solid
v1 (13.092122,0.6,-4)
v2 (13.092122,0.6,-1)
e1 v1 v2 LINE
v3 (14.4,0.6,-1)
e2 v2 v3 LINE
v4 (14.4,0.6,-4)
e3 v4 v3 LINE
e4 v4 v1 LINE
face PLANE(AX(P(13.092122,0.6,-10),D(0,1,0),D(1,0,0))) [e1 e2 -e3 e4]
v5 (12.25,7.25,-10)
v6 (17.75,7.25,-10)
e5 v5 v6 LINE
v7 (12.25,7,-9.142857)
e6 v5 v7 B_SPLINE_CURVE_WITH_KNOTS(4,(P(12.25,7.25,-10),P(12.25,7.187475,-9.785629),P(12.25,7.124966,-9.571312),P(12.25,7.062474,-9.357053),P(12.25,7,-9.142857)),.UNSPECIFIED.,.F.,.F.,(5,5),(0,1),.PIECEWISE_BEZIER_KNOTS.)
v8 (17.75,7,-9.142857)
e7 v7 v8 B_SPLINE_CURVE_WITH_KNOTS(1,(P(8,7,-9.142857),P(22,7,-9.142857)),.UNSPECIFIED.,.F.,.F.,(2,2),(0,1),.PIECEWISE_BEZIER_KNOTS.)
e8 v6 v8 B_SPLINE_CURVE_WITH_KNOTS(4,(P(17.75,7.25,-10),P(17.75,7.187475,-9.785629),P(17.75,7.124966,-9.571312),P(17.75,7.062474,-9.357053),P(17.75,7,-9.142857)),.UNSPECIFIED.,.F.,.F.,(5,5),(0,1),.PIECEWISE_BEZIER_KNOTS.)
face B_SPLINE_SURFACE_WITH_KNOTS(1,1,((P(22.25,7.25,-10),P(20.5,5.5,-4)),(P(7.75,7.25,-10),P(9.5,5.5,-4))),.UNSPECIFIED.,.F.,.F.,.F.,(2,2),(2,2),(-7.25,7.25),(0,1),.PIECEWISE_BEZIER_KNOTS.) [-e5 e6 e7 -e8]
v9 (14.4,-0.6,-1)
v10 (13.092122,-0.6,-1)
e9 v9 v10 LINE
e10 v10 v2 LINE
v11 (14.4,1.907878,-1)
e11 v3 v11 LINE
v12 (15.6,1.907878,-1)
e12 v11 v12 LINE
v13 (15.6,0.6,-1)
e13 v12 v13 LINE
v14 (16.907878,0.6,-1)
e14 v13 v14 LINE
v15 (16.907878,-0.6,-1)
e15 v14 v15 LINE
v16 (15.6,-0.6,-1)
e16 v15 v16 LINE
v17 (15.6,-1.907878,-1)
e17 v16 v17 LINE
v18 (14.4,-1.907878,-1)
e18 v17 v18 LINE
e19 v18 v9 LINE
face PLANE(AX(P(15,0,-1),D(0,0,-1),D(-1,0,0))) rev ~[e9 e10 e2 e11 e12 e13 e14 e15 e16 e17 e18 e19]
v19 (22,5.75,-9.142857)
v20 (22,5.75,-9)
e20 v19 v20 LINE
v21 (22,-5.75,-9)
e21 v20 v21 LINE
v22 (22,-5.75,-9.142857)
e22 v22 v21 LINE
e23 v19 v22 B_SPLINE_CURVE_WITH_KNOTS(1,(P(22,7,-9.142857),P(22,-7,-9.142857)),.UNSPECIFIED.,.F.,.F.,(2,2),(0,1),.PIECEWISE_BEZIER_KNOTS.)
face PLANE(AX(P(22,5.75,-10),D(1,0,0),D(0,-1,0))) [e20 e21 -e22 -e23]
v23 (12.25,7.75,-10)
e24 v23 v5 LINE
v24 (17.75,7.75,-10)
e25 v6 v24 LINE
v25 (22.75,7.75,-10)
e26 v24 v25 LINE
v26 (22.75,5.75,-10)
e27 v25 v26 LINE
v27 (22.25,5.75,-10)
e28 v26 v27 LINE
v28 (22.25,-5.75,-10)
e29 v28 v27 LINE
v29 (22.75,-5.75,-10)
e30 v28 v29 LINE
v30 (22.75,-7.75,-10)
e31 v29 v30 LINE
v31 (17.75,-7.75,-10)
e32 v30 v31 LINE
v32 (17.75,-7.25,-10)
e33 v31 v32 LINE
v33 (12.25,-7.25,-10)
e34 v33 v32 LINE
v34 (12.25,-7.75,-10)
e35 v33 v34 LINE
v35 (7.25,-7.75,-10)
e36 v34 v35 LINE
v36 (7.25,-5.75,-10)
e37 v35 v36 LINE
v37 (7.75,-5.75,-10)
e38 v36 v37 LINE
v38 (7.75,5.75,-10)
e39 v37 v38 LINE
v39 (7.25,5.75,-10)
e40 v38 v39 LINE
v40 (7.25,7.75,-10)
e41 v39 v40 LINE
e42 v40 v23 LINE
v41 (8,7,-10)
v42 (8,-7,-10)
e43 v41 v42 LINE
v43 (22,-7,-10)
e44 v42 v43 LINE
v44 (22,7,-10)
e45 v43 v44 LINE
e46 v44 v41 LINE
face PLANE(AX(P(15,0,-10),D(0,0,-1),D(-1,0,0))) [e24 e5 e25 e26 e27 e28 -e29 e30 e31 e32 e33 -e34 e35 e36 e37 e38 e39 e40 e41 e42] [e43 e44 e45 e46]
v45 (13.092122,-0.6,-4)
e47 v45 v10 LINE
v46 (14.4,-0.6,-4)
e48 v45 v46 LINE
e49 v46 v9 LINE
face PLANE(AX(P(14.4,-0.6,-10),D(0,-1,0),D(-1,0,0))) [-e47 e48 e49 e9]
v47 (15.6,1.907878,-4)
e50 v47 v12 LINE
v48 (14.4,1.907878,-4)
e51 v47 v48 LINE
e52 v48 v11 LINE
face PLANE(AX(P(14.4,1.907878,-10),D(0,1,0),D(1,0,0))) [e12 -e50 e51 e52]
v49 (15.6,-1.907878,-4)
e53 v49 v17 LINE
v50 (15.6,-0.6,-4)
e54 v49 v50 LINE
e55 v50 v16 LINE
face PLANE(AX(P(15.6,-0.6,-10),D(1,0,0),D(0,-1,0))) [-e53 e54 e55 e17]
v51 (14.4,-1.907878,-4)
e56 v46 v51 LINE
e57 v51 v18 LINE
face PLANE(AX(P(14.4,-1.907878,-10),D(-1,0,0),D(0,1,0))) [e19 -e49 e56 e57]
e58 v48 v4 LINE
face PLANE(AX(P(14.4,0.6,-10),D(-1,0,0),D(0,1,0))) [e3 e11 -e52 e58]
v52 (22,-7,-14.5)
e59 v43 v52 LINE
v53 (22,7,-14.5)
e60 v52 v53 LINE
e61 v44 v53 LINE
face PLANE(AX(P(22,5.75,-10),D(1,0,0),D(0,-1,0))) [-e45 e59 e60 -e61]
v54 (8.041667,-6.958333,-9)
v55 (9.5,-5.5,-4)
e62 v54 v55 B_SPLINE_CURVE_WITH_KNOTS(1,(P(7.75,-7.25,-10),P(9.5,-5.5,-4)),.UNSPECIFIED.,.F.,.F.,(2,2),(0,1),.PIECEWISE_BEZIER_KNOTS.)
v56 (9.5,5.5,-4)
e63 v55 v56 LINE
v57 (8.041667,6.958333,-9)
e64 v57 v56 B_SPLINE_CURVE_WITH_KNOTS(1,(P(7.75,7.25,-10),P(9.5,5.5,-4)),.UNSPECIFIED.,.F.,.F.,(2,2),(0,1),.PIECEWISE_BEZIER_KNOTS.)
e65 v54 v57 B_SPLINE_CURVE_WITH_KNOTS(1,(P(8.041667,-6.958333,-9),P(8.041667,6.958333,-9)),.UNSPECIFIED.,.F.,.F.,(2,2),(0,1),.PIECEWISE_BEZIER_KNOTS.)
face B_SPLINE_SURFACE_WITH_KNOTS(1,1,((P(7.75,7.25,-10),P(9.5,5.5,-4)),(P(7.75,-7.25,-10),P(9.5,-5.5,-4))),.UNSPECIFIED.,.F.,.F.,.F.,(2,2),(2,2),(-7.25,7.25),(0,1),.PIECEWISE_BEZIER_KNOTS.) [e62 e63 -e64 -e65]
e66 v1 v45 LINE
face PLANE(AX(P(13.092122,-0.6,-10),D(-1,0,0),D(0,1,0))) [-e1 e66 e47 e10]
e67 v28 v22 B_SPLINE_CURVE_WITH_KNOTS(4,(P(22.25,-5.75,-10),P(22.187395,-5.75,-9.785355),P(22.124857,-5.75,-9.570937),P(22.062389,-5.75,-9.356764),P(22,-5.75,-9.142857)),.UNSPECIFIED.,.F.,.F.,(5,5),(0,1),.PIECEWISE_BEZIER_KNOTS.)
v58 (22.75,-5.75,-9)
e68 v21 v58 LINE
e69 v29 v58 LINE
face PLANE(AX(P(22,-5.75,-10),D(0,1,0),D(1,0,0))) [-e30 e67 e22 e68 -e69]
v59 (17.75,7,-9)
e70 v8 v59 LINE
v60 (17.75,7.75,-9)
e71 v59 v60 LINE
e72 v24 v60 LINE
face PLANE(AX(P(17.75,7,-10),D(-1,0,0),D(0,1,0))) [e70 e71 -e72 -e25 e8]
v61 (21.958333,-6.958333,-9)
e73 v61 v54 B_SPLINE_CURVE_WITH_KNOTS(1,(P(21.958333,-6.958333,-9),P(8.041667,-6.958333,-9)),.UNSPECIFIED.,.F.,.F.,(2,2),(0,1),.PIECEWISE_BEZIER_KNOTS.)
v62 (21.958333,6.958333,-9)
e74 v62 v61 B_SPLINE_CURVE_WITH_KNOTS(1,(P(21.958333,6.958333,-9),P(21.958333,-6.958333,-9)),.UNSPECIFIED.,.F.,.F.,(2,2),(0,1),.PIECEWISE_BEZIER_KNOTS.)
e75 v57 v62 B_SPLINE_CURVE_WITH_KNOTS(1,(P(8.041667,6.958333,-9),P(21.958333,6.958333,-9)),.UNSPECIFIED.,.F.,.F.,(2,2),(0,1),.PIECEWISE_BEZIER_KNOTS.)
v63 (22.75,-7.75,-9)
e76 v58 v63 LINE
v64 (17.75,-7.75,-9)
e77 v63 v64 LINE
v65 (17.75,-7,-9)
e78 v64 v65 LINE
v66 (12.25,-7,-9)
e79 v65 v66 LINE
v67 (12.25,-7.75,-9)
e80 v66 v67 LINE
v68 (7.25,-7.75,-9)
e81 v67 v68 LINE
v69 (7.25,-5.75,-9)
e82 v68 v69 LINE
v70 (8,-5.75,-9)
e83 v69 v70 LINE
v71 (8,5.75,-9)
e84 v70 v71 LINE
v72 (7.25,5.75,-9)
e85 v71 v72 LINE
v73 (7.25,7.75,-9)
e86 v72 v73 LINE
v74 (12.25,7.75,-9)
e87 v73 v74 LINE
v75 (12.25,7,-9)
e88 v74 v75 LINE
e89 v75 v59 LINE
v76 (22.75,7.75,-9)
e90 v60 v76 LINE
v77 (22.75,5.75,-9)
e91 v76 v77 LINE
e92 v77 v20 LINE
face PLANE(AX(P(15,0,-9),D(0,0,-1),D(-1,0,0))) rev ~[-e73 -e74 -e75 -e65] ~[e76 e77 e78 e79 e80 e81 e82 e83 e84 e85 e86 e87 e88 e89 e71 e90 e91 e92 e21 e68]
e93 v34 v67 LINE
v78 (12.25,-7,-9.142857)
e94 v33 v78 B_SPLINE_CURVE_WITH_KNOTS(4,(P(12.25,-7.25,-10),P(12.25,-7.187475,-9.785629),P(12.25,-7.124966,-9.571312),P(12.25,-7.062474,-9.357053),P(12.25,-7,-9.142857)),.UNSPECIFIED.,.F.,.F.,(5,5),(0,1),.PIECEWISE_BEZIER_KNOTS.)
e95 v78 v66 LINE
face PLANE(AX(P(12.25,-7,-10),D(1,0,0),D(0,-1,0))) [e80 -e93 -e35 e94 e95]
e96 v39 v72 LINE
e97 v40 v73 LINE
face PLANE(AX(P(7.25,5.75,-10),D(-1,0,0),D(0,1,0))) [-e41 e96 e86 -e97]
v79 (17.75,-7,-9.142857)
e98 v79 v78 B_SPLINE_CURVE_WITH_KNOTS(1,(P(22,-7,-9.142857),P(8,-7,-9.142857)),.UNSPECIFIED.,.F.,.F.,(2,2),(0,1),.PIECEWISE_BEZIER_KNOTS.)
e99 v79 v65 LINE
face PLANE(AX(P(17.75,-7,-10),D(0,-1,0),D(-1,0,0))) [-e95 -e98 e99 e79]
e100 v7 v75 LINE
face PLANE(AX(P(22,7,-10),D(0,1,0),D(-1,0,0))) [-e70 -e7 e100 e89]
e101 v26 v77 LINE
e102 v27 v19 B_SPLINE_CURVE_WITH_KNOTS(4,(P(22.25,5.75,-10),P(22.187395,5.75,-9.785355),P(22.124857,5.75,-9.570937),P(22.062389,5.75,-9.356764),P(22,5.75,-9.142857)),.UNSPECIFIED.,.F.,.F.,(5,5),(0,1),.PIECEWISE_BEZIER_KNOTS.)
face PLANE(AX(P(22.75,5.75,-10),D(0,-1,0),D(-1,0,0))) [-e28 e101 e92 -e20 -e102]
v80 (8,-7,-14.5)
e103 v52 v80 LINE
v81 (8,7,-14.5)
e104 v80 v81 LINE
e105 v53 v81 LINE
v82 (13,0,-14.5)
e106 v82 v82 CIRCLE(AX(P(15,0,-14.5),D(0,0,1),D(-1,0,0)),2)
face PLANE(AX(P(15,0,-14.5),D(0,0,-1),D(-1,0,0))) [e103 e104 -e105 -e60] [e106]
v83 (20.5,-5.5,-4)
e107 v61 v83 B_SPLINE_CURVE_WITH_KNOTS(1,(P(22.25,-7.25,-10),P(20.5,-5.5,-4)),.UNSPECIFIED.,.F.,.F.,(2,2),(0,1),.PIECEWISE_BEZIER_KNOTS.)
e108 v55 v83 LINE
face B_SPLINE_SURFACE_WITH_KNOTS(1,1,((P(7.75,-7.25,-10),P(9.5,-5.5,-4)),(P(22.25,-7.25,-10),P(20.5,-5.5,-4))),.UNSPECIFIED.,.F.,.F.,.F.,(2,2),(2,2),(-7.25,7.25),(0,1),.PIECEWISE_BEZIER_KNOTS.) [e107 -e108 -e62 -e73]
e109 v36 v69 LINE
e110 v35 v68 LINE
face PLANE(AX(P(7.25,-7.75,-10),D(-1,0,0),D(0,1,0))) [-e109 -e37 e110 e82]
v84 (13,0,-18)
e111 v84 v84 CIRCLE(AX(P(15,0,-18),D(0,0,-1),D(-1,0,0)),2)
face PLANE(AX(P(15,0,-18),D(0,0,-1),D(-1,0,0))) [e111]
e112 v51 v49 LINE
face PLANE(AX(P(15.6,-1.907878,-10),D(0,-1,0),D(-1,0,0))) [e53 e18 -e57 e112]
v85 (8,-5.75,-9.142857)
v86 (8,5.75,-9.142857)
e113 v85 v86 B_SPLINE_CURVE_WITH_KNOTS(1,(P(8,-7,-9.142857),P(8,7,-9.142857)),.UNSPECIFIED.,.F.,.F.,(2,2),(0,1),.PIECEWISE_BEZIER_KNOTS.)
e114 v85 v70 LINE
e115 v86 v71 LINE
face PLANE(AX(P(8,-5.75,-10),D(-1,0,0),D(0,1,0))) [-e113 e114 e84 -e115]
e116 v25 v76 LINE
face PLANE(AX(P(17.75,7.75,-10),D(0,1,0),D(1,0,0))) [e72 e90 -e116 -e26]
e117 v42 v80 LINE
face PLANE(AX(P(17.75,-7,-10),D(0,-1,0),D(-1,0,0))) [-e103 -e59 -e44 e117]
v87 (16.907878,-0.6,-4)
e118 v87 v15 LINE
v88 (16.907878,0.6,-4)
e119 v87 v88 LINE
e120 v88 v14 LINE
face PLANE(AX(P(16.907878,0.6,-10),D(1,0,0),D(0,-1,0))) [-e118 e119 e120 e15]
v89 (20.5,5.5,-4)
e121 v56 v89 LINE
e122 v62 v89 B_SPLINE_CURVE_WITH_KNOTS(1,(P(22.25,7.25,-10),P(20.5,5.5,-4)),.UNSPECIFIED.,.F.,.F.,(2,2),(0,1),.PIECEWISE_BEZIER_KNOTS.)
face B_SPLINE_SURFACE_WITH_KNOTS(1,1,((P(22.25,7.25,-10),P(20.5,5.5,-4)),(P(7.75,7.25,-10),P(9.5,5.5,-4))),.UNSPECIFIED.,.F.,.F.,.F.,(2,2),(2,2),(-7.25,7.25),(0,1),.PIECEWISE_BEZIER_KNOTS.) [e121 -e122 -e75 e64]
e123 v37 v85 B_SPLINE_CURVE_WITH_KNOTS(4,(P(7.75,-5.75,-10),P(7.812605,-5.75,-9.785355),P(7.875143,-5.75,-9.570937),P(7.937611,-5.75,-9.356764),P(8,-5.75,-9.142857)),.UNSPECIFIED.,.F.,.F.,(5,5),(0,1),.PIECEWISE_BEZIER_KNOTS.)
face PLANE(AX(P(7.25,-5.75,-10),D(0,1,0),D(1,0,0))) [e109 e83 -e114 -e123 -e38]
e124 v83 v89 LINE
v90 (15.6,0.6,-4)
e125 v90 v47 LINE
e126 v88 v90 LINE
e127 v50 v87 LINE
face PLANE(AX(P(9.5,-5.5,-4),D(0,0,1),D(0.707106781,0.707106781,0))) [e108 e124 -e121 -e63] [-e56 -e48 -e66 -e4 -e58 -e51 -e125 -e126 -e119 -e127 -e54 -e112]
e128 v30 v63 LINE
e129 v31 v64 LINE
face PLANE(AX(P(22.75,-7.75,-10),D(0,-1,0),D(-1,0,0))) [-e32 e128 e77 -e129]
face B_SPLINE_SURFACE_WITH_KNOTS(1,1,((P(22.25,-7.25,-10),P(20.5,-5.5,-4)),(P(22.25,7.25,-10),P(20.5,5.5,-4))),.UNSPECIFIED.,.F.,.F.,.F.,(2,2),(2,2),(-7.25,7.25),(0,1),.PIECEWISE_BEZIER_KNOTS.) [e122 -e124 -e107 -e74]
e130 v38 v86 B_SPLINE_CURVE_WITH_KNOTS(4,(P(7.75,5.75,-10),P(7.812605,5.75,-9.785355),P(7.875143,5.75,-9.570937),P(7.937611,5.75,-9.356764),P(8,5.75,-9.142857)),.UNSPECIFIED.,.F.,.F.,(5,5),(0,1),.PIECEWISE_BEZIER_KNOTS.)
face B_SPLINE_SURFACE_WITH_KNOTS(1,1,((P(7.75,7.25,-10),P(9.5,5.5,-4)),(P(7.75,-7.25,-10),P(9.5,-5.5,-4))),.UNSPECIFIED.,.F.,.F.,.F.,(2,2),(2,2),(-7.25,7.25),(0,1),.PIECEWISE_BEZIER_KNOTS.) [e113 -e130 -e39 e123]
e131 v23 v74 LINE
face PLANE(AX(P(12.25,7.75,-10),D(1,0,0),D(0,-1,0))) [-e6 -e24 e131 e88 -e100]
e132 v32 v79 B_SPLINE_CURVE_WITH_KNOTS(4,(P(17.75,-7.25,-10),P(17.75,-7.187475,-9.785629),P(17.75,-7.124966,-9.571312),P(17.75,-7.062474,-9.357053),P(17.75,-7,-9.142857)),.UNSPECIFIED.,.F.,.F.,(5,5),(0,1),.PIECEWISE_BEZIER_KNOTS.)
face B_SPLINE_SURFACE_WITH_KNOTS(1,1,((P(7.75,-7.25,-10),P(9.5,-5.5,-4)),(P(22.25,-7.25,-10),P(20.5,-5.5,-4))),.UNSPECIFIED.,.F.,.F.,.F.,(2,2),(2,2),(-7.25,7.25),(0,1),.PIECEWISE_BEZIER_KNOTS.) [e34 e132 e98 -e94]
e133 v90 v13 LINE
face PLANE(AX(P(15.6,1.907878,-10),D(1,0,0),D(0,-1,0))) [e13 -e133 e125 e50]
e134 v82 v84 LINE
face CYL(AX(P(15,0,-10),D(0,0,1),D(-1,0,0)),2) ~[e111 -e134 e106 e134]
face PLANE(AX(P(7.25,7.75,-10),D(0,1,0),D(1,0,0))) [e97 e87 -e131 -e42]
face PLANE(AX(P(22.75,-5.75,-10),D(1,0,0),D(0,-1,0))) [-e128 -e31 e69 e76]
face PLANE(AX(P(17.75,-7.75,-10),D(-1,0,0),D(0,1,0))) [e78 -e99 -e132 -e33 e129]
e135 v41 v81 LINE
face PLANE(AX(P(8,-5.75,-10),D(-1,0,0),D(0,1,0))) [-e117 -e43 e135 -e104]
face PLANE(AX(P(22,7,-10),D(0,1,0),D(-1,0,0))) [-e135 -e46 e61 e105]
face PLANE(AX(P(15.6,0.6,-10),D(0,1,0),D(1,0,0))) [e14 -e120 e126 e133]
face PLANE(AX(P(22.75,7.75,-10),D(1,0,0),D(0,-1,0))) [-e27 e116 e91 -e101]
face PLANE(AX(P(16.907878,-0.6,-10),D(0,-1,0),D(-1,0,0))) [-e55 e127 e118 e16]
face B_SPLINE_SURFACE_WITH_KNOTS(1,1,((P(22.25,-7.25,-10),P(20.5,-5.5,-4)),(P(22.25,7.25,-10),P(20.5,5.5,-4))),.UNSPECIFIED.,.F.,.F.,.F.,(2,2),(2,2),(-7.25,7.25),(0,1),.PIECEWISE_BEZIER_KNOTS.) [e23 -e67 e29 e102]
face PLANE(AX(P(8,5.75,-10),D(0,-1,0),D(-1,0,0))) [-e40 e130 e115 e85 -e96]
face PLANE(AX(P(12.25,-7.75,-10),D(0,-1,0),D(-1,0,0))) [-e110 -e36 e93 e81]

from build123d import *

# Parameters (mm, degrees)
BOX017_W          = 14
BOX017_H          = 14
BOX017_DEPTH      = 4.5
CYLINDER095_R     = 2
CYLINDER095_DEPTH = 8
PAD089_DEPTH      = 1
SKETCH155_W       = 14.5
SKETCH155_H       = 14.5
SKETCH156_W       = 11
SKETCH156_H       = 11
PAD090_DEPTH      = 9
SKETCH158_W       = 7.5
SKETCH158_H       = 6
PAD092_DEPTH      = 1


with BuildPart() as part:
    # Box017 → Box017 (join)
    with BuildSketch(Plane(origin=(7, -7, 0), x_dir=(-1, 0, 0), z_dir=(0, 0, -1))):
        with Locations((7, 7)):
            Rectangle(BOX017_W, BOX017_H)
    extrude(amount=BOX017_DEPTH)

    # Cylinder095 → Cylinder095 (join)
    with BuildSketch(Plane(origin=(0, 0, 0), x_dir=(-1, 0, 0), z_dir=(0, 0, -1))):
        Circle(CYLINDER095_R)
    extrude(amount=CYLINDER095_DEPTH)

    # Sketch154 → Pad089 (join)
    with BuildSketch(Plane.XY):
        Polygon((-7.75, 5.75), (-7.75, 7.75), (-2.75, 7.75), (-2.75, 7), (2.75, 7), (2.75, 7.75), (7.75, 7.75), (7.75, 5.75), (7, 5.75), (7, -5.75), (7.75, -5.75), (7.75, -7.75), (2.75, -7.75), (2.75, -7), (-2.75, -7), (-2.75, -7.75), (-7.75, -7.75), (-7.75, -5.75), (-7, -5.75), (-7, 5.75), align=None)
    extrude(amount=PAD089_DEPTH)

    # Sketch155 → AdditiveLoft002 section 0
    with BuildSketch(Plane.XY):
        Rectangle(SKETCH155_W, SKETCH155_H)
    # Sketch156 → AdditiveLoft002 section 1
    with BuildSketch(Plane.XY.offset(6)):
        Rectangle(SKETCH156_W, SKETCH156_H)
    loft()

    # Sketch157 → Pad090 (join)
    with BuildSketch(Plane.XY):
        Polygon((-0.6, 1.907878), (0.6, 1.907878), (0.6, 0.6), (1.907878, 0.6), (1.907878, -0.6), (0.6, -0.6), (0.6, -1.907878), (-0.6, -1.907878), (-0.6, -0.6), (-1.907878, -0.6), (-1.907878, 0.6), (-0.6, 0.6), align=None)
    extrude(amount=PAD090_DEPTH)

    # Sketch158 → Pad092 (join)
    with BuildSketch(Plane.XY.offset(5)):
        Rectangle(SKETCH158_W, SKETCH158_H)
    extrude(amount=PAD092_DEPTH)


with BuildPart() as part_1:
    # Body144 placement: moved
    add(part.part.moved(Location((15, 0, -10))))


solid = part_1.part
